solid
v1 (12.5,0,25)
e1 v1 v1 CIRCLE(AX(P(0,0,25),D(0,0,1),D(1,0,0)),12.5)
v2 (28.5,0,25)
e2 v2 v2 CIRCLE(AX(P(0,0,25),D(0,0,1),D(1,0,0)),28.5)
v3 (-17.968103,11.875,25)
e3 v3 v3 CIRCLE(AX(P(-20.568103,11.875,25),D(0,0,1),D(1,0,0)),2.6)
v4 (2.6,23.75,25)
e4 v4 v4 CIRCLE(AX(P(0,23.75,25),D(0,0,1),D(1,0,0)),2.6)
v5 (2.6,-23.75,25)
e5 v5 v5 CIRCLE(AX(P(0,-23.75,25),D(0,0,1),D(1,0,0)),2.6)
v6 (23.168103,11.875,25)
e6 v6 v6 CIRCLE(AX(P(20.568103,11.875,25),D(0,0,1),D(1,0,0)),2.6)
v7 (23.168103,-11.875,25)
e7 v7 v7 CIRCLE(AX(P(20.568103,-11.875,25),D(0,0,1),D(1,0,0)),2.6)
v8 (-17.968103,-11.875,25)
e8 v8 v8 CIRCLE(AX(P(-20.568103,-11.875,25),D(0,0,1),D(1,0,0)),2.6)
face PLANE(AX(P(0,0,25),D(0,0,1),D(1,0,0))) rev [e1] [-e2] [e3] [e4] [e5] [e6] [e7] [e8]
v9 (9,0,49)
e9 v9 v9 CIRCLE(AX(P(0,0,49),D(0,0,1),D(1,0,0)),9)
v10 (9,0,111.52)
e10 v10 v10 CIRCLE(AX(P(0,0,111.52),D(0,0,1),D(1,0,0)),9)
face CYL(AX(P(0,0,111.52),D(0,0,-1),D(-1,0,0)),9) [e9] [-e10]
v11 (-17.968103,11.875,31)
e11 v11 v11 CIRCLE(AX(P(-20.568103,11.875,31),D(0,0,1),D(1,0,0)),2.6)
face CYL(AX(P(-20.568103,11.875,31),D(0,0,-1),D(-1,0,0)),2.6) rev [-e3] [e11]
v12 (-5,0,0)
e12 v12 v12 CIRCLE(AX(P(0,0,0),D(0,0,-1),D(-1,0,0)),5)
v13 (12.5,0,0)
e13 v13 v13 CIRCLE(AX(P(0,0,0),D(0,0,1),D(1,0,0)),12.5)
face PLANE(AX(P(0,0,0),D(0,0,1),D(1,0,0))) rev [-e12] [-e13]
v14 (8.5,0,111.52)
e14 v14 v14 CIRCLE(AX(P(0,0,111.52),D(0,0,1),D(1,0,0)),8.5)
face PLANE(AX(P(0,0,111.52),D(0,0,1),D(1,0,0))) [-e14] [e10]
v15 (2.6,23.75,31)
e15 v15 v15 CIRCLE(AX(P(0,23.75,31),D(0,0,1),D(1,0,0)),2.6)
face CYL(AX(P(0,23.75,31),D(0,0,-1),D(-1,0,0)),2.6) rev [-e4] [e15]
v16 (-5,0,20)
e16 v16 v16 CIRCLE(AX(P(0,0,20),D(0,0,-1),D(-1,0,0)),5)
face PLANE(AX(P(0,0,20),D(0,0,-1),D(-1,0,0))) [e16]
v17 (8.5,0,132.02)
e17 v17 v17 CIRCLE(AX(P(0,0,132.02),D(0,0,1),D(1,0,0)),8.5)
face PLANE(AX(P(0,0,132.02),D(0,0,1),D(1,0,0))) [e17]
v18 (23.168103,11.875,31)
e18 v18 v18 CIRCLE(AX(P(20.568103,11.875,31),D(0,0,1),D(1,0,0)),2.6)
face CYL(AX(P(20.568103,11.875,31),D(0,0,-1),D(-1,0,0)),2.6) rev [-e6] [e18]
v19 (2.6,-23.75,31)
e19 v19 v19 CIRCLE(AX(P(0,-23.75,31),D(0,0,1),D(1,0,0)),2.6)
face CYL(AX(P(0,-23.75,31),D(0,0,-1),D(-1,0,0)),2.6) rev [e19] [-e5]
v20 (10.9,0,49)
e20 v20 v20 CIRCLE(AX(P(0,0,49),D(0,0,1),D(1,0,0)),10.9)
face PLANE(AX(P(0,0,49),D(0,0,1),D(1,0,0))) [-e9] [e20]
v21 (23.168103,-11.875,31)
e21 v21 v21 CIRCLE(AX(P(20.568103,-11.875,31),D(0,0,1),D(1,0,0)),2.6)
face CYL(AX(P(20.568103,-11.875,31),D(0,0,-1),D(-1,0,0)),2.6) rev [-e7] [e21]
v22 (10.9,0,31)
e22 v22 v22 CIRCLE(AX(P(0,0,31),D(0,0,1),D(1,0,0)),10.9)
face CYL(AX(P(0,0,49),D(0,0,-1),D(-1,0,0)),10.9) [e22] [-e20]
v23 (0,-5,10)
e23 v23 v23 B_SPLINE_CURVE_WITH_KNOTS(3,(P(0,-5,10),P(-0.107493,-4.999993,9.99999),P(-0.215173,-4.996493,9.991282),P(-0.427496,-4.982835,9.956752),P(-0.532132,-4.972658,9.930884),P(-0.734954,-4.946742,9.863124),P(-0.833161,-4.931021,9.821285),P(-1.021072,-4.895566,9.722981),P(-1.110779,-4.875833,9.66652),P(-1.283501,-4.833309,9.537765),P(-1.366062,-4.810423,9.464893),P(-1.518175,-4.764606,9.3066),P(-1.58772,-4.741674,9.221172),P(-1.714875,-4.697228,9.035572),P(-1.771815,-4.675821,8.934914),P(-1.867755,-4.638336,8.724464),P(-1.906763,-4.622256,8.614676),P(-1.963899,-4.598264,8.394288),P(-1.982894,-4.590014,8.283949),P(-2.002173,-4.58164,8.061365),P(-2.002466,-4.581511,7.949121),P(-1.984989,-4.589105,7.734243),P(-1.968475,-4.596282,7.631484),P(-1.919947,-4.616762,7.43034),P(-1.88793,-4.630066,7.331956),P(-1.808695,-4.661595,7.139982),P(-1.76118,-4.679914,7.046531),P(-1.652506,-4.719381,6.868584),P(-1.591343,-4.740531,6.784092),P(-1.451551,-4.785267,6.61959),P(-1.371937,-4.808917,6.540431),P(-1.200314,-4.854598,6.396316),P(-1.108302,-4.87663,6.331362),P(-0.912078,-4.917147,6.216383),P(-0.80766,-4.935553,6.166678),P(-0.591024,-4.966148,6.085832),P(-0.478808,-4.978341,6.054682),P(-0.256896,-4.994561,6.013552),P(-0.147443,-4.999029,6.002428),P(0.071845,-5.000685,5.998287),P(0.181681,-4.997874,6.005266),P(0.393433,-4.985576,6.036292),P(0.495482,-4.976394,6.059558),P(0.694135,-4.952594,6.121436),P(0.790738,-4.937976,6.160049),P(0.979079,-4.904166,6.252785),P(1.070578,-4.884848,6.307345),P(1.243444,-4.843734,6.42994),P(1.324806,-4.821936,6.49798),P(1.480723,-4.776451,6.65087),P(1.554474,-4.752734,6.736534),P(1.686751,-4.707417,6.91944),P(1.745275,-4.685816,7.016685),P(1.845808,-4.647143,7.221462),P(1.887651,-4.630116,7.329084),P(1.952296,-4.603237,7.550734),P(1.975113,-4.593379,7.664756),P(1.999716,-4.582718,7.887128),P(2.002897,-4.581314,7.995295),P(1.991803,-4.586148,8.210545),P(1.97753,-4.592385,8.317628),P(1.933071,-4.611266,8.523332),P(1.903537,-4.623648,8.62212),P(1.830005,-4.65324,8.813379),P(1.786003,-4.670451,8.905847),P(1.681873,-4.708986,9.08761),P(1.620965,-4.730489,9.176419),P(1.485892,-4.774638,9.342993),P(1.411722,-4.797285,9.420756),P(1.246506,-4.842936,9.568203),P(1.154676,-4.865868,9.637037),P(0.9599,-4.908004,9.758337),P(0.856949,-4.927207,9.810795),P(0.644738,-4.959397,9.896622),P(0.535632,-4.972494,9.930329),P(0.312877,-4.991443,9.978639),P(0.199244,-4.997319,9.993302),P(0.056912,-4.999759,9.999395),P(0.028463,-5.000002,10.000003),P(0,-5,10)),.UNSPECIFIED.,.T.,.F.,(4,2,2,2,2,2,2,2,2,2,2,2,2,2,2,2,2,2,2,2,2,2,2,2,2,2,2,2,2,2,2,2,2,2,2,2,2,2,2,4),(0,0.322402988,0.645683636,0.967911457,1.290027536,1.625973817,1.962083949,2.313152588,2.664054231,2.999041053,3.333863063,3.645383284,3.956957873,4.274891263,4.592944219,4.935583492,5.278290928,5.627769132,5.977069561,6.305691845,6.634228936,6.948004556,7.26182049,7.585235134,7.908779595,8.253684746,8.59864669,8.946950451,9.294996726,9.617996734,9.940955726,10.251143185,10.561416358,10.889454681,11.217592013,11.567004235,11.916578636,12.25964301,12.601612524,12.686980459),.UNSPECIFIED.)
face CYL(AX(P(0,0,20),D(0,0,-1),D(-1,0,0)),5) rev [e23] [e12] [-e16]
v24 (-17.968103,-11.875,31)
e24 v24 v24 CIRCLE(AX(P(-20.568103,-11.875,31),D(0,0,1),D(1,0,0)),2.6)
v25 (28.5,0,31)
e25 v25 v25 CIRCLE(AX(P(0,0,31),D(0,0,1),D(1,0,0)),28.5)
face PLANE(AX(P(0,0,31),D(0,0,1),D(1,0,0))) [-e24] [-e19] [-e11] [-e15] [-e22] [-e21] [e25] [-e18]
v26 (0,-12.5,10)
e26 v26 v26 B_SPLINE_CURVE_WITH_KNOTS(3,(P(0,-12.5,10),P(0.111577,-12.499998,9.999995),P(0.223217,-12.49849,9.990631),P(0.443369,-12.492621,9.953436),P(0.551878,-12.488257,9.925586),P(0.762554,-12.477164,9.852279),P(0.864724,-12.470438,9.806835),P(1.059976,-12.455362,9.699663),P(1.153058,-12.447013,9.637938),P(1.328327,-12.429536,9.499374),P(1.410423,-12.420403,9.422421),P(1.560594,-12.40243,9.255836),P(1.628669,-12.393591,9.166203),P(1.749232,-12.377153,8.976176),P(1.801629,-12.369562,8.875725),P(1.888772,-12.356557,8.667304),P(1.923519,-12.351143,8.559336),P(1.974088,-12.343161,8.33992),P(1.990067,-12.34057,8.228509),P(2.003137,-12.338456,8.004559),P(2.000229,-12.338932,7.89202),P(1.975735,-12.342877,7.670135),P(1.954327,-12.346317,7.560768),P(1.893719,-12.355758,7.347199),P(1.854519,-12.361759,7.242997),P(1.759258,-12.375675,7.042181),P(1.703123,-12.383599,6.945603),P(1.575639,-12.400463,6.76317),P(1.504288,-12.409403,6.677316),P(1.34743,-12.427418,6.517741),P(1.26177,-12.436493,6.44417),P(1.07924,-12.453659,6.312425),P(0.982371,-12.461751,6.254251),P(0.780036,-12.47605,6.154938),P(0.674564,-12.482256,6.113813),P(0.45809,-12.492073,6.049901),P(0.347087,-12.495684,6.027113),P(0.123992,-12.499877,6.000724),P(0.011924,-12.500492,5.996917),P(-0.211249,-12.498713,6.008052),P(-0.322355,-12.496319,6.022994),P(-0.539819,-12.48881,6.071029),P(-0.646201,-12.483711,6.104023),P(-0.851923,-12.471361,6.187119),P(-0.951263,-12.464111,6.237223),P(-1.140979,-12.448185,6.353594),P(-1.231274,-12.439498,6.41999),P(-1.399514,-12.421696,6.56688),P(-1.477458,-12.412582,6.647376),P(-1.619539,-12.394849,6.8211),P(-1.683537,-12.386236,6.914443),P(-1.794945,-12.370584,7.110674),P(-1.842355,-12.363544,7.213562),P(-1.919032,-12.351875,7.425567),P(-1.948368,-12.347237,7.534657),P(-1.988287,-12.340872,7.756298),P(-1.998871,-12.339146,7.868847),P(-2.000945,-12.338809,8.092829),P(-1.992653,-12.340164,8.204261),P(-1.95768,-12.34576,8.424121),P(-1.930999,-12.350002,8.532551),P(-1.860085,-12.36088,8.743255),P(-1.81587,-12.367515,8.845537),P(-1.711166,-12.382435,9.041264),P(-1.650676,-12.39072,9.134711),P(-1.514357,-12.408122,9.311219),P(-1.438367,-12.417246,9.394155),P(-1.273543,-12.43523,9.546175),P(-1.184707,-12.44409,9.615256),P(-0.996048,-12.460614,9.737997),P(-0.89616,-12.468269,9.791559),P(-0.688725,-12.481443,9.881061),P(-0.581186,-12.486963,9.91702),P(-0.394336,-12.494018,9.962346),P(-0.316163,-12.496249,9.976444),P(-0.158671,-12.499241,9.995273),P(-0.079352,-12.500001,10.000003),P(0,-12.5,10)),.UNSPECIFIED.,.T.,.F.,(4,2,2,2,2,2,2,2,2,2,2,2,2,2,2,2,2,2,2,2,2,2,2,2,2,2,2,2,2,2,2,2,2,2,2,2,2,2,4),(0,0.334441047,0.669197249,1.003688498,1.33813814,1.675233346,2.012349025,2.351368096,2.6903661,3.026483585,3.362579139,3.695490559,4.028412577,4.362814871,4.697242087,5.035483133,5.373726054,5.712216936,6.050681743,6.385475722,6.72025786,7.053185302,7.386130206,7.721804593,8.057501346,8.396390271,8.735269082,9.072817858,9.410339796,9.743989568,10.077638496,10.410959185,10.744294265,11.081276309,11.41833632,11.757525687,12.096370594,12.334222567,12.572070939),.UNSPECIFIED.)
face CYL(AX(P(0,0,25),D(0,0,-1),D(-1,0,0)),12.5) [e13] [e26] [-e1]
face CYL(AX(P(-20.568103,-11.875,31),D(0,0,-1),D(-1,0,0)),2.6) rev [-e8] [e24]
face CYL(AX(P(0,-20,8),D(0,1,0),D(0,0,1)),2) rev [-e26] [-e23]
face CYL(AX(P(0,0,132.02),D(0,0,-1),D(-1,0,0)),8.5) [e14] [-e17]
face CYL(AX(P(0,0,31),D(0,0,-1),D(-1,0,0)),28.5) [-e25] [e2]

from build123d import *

# Parameters (mm, degrees)
SKETCH1_R           = 12.5
BOSS_EXTRUDE1_DEPTH = 25
SKETCH2_R           = 5
CUT_EXTRUDE1_DEPTH  = 20
SKETCH4_R           = 2
CUT_EXTRUDE2_DEPTH  = 20
SKETCH5_R           = 28.5
SKETCH5_R_2         = 2.6
BOSS_EXTRUDE2_DEPTH = 6
SKETCH6_R           = 9
BOSS_EXTRUDE3_DEPTH = 80.52
SKETCH7_R           = 8.5
BOSS_EXTRUDE4_DEPTH = 20.5
SKETCH8_R           = 10.9
BOSS_EXTRUDE5_DEPTH = 18


with BuildPart() as part:
    # Sketch1 → Boss-Extrude1 (new body)
    with BuildSketch(Plane.XY):
        Circle(SKETCH1_R)
    extrude(amount=BOSS_EXTRUDE1_DEPTH)

    # Sketch2 → Cut-Extrude1 (cut)
    with BuildSketch(Plane(origin=(0, 0, 0), x_dir=(-1, 0, 0), z_dir=(0, 0, -1))):
        Circle(SKETCH2_R)
    extrude(amount=-CUT_EXTRUDE1_DEPTH, mode=Mode.SUBTRACT)

    # Sketch4 → Cut-Extrude2 (cut)
    with BuildSketch(Plane(origin=(0, 0, 0), x_dir=(1, 0, 0), z_dir=(0, 1, 0))):
        with Locations(Location((0, -8, 0), (0, 0, 270))):
            Circle(SKETCH4_R)
    extrude(amount=-CUT_EXTRUDE2_DEPTH, mode=Mode.SUBTRACT)

    # Sketch5 → Boss-Extrude2 (add)
    with BuildSketch(Plane.XY.offset(25)):
        Circle(SKETCH5_R)
        with Locations((0, 23.75)):
            Circle(SKETCH5_R_2, mode=Mode.SUBTRACT)
        with Locations((20.56810334, 11.875)):
            Circle(SKETCH5_R_2, mode=Mode.SUBTRACT)
        with Locations((20.56810334, -11.875)):
            Circle(SKETCH5_R_2, mode=Mode.SUBTRACT)
        with Locations((0, -23.75)):
            Circle(SKETCH5_R_2, mode=Mode.SUBTRACT)
        with Locations((-20.56810334, -11.875)):
            Circle(SKETCH5_R_2, mode=Mode.SUBTRACT)
        with Locations((-20.56810334, 11.875)):
            Circle(SKETCH5_R_2, mode=Mode.SUBTRACT)
    extrude(amount=BOSS_EXTRUDE2_DEPTH)

    # Sketch6 → Boss-Extrude3 (add)
    with BuildSketch(Plane.XY.offset(31)):
        Circle(SKETCH6_R)
    extrude(amount=BOSS_EXTRUDE3_DEPTH)

    # Sketch7 → Boss-Extrude4 (add)
    with BuildSketch(Plane.XY.offset(111.52)):
        Circle(SKETCH7_R)
    extrude(amount=BOSS_EXTRUDE4_DEPTH)

    # Sketch8 → Boss-Extrude5 (add)
    with BuildSketch(Plane.XY.offset(31)):
        Circle(SKETCH8_R)
    extrude(amount=BOSS_EXTRUDE5_DEPTH)


solid = part.part
